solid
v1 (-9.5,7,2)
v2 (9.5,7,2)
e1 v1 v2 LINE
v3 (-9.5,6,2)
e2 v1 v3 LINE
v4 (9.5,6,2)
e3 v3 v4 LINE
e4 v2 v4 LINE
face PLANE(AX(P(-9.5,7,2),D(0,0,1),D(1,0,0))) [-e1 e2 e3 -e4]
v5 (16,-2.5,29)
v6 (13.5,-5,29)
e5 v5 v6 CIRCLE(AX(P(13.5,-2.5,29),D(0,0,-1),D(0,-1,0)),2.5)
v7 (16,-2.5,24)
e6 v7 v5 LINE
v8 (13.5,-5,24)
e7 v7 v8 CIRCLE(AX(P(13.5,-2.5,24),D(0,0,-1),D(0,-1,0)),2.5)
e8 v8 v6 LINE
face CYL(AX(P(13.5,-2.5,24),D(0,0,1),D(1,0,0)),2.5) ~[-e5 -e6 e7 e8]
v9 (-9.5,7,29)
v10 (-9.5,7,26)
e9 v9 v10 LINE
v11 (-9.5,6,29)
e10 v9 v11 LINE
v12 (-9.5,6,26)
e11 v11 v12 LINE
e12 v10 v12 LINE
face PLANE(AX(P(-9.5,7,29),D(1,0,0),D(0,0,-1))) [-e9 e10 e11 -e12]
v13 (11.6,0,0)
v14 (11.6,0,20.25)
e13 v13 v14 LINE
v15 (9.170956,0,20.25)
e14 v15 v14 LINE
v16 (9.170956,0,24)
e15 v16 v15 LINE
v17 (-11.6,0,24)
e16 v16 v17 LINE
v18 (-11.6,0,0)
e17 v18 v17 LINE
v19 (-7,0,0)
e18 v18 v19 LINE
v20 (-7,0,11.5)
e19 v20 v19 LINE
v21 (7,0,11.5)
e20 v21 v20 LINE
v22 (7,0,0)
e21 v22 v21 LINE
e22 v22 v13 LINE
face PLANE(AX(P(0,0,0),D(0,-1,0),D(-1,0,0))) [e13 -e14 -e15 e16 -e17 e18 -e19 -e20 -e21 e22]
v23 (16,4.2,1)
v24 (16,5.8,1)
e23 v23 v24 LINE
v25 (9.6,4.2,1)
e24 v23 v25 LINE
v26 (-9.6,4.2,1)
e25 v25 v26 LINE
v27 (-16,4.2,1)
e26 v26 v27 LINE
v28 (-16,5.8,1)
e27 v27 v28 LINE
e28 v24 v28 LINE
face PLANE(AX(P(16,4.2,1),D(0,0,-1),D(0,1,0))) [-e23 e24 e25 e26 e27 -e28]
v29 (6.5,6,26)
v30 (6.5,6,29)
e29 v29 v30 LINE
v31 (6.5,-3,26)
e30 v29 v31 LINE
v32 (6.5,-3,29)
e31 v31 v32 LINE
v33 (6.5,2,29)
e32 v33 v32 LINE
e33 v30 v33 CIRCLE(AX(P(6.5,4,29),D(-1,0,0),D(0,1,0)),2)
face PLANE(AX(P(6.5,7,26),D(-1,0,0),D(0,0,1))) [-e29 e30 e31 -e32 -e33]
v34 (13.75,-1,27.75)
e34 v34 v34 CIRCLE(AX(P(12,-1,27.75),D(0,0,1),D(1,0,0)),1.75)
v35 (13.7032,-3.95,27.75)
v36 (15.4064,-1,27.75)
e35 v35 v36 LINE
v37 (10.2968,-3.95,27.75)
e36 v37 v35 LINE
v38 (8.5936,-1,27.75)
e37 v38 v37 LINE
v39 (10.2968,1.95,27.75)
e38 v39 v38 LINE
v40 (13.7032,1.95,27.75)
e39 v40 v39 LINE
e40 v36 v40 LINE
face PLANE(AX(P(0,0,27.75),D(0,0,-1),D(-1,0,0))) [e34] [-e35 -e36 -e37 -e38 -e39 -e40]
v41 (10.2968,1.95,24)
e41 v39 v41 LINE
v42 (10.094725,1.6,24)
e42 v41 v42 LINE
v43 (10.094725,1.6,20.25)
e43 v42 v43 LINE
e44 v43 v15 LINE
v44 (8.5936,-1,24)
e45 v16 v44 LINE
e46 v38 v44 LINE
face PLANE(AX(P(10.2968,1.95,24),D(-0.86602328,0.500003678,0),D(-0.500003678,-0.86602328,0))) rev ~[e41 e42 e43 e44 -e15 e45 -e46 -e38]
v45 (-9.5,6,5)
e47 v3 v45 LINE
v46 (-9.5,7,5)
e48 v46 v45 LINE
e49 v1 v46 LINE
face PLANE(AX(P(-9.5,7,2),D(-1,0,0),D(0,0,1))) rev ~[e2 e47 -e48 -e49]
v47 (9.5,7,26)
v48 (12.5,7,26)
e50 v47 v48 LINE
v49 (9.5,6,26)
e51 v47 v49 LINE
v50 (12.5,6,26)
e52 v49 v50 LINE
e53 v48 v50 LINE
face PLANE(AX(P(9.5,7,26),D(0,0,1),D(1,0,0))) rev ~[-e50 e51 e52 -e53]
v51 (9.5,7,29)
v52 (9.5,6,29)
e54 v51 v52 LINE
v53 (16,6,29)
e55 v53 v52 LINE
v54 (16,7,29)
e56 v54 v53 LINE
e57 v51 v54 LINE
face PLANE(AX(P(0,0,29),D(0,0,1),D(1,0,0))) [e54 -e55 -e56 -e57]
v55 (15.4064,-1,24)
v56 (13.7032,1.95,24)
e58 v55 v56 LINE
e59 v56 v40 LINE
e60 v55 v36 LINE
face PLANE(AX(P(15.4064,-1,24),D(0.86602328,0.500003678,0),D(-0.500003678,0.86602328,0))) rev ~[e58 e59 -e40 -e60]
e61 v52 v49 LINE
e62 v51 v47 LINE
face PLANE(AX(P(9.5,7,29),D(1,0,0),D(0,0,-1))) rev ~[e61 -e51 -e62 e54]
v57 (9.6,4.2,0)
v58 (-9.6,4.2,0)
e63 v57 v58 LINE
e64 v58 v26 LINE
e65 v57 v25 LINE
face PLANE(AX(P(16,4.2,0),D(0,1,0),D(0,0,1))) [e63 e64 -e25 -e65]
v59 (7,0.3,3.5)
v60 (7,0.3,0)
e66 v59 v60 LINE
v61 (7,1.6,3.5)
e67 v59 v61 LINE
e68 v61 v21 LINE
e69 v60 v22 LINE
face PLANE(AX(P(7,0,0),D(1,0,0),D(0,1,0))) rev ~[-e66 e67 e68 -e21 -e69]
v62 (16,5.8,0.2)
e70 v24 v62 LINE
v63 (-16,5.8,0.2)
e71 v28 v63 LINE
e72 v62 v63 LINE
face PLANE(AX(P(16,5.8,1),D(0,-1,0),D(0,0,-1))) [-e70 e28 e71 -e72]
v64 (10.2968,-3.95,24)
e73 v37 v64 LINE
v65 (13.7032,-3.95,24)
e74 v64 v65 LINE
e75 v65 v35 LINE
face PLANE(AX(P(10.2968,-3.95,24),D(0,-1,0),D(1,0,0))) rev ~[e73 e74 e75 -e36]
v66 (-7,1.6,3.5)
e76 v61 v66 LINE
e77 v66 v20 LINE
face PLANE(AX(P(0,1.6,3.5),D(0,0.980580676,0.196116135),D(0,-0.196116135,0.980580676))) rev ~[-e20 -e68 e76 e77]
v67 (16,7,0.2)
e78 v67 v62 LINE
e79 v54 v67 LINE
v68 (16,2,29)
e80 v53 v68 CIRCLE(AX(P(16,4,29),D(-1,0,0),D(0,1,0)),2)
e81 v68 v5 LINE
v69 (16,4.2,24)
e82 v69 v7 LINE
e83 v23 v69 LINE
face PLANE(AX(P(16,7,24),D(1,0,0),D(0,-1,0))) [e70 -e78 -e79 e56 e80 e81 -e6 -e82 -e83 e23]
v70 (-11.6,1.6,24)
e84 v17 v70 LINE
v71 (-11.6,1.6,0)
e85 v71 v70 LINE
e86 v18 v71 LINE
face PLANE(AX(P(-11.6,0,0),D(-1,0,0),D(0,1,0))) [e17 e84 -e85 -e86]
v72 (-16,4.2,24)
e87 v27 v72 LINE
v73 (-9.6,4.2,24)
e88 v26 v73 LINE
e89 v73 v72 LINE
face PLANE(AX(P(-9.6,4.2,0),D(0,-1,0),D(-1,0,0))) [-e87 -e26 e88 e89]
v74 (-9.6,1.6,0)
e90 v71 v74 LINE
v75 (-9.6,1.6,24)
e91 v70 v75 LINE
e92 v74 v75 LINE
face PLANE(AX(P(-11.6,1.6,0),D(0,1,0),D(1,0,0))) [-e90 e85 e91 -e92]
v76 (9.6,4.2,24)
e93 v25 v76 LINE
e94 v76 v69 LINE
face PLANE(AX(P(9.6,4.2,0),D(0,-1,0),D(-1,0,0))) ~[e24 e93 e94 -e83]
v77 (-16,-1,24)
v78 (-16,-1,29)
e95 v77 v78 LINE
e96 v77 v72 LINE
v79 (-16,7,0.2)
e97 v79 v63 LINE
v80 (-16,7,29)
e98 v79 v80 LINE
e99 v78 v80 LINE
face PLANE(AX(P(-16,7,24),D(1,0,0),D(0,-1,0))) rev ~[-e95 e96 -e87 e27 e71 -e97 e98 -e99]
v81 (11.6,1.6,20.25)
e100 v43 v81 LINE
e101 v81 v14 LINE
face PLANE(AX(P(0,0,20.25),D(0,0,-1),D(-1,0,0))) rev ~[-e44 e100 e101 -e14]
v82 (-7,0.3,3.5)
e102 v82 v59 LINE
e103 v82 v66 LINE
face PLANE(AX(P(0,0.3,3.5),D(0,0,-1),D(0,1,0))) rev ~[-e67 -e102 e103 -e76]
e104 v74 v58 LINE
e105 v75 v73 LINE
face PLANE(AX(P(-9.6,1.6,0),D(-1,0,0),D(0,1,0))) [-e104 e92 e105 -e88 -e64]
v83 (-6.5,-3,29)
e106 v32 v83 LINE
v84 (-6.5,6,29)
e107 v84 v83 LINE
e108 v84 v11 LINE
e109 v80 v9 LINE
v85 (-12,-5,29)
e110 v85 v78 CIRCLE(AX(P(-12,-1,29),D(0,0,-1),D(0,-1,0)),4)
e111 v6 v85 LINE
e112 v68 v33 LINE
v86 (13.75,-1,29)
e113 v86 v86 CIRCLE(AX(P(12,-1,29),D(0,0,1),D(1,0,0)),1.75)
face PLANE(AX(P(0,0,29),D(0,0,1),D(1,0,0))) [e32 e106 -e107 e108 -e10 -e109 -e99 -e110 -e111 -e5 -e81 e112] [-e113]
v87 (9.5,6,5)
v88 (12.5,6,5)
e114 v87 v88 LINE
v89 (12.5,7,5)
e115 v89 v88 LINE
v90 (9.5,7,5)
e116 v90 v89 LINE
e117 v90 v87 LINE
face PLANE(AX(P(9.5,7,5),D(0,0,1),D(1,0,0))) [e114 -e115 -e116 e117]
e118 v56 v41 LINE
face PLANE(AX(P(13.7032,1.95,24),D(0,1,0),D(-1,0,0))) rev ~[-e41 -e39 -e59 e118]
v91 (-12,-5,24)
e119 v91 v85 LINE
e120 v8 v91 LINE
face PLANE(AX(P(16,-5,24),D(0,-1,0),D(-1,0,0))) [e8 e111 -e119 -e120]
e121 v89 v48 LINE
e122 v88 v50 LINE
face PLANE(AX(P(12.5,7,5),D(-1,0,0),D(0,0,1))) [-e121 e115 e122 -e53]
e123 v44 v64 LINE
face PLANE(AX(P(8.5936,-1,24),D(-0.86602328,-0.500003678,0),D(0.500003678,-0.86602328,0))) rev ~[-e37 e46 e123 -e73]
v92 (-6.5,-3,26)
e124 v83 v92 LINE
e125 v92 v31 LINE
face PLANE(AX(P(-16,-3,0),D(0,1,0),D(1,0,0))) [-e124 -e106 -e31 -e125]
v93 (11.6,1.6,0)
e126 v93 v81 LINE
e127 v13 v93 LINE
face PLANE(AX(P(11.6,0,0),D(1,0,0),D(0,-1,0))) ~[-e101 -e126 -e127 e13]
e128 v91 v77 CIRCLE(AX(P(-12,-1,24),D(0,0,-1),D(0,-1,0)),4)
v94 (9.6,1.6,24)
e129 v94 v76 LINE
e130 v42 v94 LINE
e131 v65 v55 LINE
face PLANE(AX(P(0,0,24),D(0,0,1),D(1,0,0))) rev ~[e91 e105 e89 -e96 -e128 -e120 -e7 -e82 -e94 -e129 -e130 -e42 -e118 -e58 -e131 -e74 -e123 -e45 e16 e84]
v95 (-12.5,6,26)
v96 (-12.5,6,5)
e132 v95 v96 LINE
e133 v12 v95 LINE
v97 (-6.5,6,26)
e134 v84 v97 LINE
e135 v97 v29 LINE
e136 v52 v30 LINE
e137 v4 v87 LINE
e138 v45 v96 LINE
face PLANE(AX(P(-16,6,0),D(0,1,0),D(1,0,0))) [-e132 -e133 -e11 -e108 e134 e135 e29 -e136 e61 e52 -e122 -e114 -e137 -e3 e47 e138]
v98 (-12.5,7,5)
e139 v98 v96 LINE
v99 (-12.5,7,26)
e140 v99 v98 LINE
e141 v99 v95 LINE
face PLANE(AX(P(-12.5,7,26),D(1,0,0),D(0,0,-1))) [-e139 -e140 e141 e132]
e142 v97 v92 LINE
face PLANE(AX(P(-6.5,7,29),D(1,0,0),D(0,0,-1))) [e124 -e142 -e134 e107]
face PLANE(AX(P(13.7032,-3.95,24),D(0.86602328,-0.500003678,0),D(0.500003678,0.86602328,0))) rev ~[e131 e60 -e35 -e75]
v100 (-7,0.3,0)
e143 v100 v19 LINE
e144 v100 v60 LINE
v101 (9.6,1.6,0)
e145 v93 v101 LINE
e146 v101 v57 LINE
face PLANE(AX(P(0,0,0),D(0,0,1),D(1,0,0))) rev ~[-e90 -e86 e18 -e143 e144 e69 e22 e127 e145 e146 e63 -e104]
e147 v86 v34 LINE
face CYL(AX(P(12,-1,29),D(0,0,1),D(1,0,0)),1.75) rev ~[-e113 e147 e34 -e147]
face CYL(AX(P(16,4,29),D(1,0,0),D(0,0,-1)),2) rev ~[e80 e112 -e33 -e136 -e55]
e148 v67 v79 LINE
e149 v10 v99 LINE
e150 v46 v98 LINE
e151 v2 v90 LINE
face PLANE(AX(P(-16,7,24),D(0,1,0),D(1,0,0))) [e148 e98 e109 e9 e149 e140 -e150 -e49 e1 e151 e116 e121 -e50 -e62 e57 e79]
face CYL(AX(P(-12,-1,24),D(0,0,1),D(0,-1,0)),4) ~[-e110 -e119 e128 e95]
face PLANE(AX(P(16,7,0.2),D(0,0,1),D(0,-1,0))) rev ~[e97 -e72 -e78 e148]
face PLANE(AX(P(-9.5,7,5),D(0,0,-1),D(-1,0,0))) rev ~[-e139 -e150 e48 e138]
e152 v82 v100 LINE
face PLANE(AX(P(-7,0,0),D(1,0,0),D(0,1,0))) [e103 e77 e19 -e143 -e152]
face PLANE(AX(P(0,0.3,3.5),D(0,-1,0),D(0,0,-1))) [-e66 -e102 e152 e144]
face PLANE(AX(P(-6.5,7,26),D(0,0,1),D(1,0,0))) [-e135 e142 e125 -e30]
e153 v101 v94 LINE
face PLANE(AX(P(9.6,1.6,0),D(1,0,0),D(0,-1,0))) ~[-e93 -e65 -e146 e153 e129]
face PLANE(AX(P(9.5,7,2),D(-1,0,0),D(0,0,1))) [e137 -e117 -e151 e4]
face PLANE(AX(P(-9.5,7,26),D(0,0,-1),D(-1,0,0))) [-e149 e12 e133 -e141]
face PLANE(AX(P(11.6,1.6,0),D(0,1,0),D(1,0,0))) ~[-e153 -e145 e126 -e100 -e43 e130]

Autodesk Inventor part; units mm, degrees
ref_plane "YZ Plane" through (0, 0, 0) normal (1, 0, 0) x (0, 1, 0)
ref_plane "XZ Plane" through (0, 0, 0) normal (0, 1, 0) x (-1, 0, 0)
ref_plane "XY Plane" through (0, 0, 0) normal (0, 0, 1) x (1, 0, 0)
sketch "Skizze1" plane through (0, 0, 0) normal (0, 0, 1) x (1, 0, 0)
  line L0 (0, 0) -> (-11.6, 0)
  line L1 (-11.6, 0) -> (-11.6, 1.6)
  line L2 (-11.6, 1.6) -> (-9.6, 1.6)
  line L3 (-9.6, 1.6) -> (-9.6, 4.2)
  line L4 (-9.6, 4.2) -> (-16, 4.2)
  line L5 (-16, 4.2) -> (-16, 7)
  line L6 (-16, 7) -> (0, 7)
  line L7 (0, 7) -> (0, 0)
  dimension "d0" = 9.6
  dimension "d1" = 11.6
  dimension "d2" = 1.6
  dimension "d3" = 4.2
  dimension "d4" = 7
  dimension "d5" = 16
extrude "Extrusion1" add sketch "Skizze1" along normal blind 24
mirror "Spiegeln1" about plane through (0, 0, 0) normal (1, 0, 0) of "Extrusion1"
sketch "Skizze2" plane through (0, 0, 24) normal (0, 0, 1) x (1, 0, 0)
  line L0 (-16, 7) -> (-16, 4.2) projected
  line L1 (-16, 7) -> (16, 7)
  line L2 (16, 7) -> (16, -5)
  line L3 (16, -5) -> (-16, -5)
  line L4 (-16, -5) -> (-16, 7)
  line L5 (16, 7) -> (16, 4.2) projected
  point P0 (0, 0)
  dimension "d8" = 12
extrude "Extrusion2" add sketch "Skizze2" along normal blind 5
sketch "Skizze3" plane through (0, 0, 0) normal (1, 0, 0) x (0, 1, 0)
  line L0 (0, 0) -> (0, 24) projected
  line L1 (0.3, 3.5) -> (1.6, 3.5)
  line L2 (1.6, 3.5) -> (0, 11.5)
  line L3 (0, 11.5) -> (0, 4.0745)
  line L4 (1.6, 0) -> (0, 0) projected
  line L5 (0.3, 3.5) -> (0.3, 0)
  line L6 (0, 0) -> (0, 4.0745)
  line L7 (-5, 24) -> (4.2, 24) projected
  point P0 (0, 11.5)
  dimension "d12" = 8
  dimension "d13" = 1.7
  dimension "d14" = 0.3
  dimension "d20" = 20.5
  dimension "d65" = 1.3
extrude "Extrusion3" cut sketch "Skizze3" against normal mid plane 14
sketch "Skizze4" plane through (-16, 7, 0) normal (0, 1, 0) x (1, 0, 0)
  line L0 (3.5, -2) -> (28.5, -2)
  line L1 (28.5, -2) -> (28.5, -29)
  line L2 (28.5, -29) -> (3.5, -29)
  line L3 (3.5, -29) -> (3.5, -2)
  line L4 (16, 0) -> (16, 8.5337)
  line L5 (32, 0) -> (0, 0) projected
  line L6 (9.5, -26) -> (22.5, -26)
  line L7 (22.5, -26) -> (22.5, -29)
  line L8 (22.5, -29) -> (9.5, -29)
  line L9 (9.5, -29) -> (9.5, -26)
  line L10 (3.5, -29) -> (6.5, -29)
  line L11 (6.5, -29) -> (6.5, -26)
  line L12 (6.5, -26) -> (3.5, -26)
  line L13 (3.5, -26) -> (3.5, -29)
  line L14 (3.5, -2) -> (6.5, -2)
  line L15 (6.5, -2) -> (6.5, -5)
  line L16 (6.5, -5) -> (3.5, -5)
  line L17 (3.5, -5) -> (3.5, -2)
  line L18 (28.5, -29) -> (25.5, -29)
  line L19 (25.5, -29) -> (25.5, -26)
  line L20 (25.5, -26) -> (28.5, -26)
  line L21 (28.5, -26) -> (28.5, -29)
  line L22 (28.5, -2) -> (25.5, -2)
  line L23 (25.5, -2) -> (25.5, -5)
  line L24 (25.5, -5) -> (28.5, -5)
  line L25 (28.5, -5) -> (28.5, -2)
  point P0 (3.5, -26)
  dimension "d17" = 25
  dimension "d18" = 27
  dimension "d19" = 2
  dimension "d21" = 3
  dimension "d22" = 13
  dimension "d23" = 24
  dimension "d24" = 3
  dimension "d25" = 3
  dimension "d26" = 3
  dimension "d27" = 3
  dimension "d28" = 3
  dimension "d29" = 3
  dimension "d30" = 3
  dimension "d31" = 3
extrude "Extrusion4" cut sketch "Skizze4" against normal blind 1 contours L0 L23 L24 L1 L20 L19 L2 L7 L6 L9 L11 L12 L3 L16 L15
extrude "Extrusion5" cut sketch "Skizze4" against normal blind 10 contours L9 L6 L7 L2
sketch "Skizze5" plane through (0, 0, 29) normal (0, 0, 1) x (1, 0, 0)
  circle A0 centre (12, -1) radius 1.75
  line L0 (-16, -5) -> (16, -5) projected
  line L1 (16, -5) -> (16, 7) projected
  point P0 (0, 0)
  dimension "d36" = 3.5
  dimension "d37" = 4
  dimension "d38" = 4
extrude "Extrusion6" cut sketch "Skizze5" against normal blind 6.75
sketch "Skizze6" plane through (0, 0, 24) normal (0, 0, -1) x (-1, 0, 0)
  arc A0 (-11.6, 0.7037) -> (-10.5639, 0) centre (-12, -1) ccw projected
  line L0 (-10.2968, -3.95) -> (-13.7032, -3.95)
  line L1 (-13.7032, -3.95) -> (-15.4064, -1)
  line L2 (-15.4064, -1) -> (-13.7032, 1.95)
  line L3 (-13.7032, 1.95) -> (-10.2968, 1.95)
  line L4 (-10.2968, 1.95) -> (-8.5936, -1)
  line L5 (-8.5936, -1) -> (-10.2968, -3.95)
  point P0 (0, 0)
  dimension "d42" = 5.9
extrude "Extrusion7" cut sketch "Skizze6" along normal mid plane 7.5
sketch "Skizze7" plane through (16, 4.2, 0) normal (1, 0, 0) x (0, 0, -1)
  line L0 (-29, 1.8) -> (-29, -7.2) projected
  circle A0 centre (-29, -0.2) radius 2
  line L1 (0, 2.8) -> (-29, 2.8) projected
  point P0 (0, -4.2)
  point P1 (-29, -2.2)
  dimension "d45" = 4
  dimension "d46" = 3
extrude "Extrusion8" cut sketch "Skizze7" against normal blind 10 contours A0 L0 picked at (-28.3333, -0.2)
sketch "Skizze9" plane through (16, 4.2, 0) normal (1, 0, 0) x (0, 0, -1)
  line L0 (0, 0) -> (-24, 0) projected
  line L1 (0, 0) -> (-1, 0)
  line L2 (-1, 0) -> (-1, 1.6)
  line L3 (-1, 1.6) -> (0, 1.6)
  line L4 (0, 1.6) -> (0, 0)
  line L5 (0, 2.8) -> (-29, 2.8) projected
  line L6 (0, 2.8) -> (0, 0) projected
  line L7 (0, 2.8) -> (-0.2, 2.8)
  line L8 (-0.2, 2.8) -> (-0.2, 1.6)
  line L9 (-0.2, 1.6) -> (0, 1.6)
  line L10 (0, 1.6) -> (0, 2.8)
  point P0 (0, -4.2)
  dimension "d60" = 1
  dimension "d61" = 1.2
  dimension "d62" = 0.2
extrude "Extrusion10" cut sketch "Skizze9" against normal up to surface (32 mm away)
fillet "Rundung1" radius 2.5 1 edges at (16, -5, 26.5)
fillet "Rundung2" radius 4 1 edges at (-16, -5, 26.5)
equation "\"d38\" = d37"
properties part number "DisplayClipLower"
